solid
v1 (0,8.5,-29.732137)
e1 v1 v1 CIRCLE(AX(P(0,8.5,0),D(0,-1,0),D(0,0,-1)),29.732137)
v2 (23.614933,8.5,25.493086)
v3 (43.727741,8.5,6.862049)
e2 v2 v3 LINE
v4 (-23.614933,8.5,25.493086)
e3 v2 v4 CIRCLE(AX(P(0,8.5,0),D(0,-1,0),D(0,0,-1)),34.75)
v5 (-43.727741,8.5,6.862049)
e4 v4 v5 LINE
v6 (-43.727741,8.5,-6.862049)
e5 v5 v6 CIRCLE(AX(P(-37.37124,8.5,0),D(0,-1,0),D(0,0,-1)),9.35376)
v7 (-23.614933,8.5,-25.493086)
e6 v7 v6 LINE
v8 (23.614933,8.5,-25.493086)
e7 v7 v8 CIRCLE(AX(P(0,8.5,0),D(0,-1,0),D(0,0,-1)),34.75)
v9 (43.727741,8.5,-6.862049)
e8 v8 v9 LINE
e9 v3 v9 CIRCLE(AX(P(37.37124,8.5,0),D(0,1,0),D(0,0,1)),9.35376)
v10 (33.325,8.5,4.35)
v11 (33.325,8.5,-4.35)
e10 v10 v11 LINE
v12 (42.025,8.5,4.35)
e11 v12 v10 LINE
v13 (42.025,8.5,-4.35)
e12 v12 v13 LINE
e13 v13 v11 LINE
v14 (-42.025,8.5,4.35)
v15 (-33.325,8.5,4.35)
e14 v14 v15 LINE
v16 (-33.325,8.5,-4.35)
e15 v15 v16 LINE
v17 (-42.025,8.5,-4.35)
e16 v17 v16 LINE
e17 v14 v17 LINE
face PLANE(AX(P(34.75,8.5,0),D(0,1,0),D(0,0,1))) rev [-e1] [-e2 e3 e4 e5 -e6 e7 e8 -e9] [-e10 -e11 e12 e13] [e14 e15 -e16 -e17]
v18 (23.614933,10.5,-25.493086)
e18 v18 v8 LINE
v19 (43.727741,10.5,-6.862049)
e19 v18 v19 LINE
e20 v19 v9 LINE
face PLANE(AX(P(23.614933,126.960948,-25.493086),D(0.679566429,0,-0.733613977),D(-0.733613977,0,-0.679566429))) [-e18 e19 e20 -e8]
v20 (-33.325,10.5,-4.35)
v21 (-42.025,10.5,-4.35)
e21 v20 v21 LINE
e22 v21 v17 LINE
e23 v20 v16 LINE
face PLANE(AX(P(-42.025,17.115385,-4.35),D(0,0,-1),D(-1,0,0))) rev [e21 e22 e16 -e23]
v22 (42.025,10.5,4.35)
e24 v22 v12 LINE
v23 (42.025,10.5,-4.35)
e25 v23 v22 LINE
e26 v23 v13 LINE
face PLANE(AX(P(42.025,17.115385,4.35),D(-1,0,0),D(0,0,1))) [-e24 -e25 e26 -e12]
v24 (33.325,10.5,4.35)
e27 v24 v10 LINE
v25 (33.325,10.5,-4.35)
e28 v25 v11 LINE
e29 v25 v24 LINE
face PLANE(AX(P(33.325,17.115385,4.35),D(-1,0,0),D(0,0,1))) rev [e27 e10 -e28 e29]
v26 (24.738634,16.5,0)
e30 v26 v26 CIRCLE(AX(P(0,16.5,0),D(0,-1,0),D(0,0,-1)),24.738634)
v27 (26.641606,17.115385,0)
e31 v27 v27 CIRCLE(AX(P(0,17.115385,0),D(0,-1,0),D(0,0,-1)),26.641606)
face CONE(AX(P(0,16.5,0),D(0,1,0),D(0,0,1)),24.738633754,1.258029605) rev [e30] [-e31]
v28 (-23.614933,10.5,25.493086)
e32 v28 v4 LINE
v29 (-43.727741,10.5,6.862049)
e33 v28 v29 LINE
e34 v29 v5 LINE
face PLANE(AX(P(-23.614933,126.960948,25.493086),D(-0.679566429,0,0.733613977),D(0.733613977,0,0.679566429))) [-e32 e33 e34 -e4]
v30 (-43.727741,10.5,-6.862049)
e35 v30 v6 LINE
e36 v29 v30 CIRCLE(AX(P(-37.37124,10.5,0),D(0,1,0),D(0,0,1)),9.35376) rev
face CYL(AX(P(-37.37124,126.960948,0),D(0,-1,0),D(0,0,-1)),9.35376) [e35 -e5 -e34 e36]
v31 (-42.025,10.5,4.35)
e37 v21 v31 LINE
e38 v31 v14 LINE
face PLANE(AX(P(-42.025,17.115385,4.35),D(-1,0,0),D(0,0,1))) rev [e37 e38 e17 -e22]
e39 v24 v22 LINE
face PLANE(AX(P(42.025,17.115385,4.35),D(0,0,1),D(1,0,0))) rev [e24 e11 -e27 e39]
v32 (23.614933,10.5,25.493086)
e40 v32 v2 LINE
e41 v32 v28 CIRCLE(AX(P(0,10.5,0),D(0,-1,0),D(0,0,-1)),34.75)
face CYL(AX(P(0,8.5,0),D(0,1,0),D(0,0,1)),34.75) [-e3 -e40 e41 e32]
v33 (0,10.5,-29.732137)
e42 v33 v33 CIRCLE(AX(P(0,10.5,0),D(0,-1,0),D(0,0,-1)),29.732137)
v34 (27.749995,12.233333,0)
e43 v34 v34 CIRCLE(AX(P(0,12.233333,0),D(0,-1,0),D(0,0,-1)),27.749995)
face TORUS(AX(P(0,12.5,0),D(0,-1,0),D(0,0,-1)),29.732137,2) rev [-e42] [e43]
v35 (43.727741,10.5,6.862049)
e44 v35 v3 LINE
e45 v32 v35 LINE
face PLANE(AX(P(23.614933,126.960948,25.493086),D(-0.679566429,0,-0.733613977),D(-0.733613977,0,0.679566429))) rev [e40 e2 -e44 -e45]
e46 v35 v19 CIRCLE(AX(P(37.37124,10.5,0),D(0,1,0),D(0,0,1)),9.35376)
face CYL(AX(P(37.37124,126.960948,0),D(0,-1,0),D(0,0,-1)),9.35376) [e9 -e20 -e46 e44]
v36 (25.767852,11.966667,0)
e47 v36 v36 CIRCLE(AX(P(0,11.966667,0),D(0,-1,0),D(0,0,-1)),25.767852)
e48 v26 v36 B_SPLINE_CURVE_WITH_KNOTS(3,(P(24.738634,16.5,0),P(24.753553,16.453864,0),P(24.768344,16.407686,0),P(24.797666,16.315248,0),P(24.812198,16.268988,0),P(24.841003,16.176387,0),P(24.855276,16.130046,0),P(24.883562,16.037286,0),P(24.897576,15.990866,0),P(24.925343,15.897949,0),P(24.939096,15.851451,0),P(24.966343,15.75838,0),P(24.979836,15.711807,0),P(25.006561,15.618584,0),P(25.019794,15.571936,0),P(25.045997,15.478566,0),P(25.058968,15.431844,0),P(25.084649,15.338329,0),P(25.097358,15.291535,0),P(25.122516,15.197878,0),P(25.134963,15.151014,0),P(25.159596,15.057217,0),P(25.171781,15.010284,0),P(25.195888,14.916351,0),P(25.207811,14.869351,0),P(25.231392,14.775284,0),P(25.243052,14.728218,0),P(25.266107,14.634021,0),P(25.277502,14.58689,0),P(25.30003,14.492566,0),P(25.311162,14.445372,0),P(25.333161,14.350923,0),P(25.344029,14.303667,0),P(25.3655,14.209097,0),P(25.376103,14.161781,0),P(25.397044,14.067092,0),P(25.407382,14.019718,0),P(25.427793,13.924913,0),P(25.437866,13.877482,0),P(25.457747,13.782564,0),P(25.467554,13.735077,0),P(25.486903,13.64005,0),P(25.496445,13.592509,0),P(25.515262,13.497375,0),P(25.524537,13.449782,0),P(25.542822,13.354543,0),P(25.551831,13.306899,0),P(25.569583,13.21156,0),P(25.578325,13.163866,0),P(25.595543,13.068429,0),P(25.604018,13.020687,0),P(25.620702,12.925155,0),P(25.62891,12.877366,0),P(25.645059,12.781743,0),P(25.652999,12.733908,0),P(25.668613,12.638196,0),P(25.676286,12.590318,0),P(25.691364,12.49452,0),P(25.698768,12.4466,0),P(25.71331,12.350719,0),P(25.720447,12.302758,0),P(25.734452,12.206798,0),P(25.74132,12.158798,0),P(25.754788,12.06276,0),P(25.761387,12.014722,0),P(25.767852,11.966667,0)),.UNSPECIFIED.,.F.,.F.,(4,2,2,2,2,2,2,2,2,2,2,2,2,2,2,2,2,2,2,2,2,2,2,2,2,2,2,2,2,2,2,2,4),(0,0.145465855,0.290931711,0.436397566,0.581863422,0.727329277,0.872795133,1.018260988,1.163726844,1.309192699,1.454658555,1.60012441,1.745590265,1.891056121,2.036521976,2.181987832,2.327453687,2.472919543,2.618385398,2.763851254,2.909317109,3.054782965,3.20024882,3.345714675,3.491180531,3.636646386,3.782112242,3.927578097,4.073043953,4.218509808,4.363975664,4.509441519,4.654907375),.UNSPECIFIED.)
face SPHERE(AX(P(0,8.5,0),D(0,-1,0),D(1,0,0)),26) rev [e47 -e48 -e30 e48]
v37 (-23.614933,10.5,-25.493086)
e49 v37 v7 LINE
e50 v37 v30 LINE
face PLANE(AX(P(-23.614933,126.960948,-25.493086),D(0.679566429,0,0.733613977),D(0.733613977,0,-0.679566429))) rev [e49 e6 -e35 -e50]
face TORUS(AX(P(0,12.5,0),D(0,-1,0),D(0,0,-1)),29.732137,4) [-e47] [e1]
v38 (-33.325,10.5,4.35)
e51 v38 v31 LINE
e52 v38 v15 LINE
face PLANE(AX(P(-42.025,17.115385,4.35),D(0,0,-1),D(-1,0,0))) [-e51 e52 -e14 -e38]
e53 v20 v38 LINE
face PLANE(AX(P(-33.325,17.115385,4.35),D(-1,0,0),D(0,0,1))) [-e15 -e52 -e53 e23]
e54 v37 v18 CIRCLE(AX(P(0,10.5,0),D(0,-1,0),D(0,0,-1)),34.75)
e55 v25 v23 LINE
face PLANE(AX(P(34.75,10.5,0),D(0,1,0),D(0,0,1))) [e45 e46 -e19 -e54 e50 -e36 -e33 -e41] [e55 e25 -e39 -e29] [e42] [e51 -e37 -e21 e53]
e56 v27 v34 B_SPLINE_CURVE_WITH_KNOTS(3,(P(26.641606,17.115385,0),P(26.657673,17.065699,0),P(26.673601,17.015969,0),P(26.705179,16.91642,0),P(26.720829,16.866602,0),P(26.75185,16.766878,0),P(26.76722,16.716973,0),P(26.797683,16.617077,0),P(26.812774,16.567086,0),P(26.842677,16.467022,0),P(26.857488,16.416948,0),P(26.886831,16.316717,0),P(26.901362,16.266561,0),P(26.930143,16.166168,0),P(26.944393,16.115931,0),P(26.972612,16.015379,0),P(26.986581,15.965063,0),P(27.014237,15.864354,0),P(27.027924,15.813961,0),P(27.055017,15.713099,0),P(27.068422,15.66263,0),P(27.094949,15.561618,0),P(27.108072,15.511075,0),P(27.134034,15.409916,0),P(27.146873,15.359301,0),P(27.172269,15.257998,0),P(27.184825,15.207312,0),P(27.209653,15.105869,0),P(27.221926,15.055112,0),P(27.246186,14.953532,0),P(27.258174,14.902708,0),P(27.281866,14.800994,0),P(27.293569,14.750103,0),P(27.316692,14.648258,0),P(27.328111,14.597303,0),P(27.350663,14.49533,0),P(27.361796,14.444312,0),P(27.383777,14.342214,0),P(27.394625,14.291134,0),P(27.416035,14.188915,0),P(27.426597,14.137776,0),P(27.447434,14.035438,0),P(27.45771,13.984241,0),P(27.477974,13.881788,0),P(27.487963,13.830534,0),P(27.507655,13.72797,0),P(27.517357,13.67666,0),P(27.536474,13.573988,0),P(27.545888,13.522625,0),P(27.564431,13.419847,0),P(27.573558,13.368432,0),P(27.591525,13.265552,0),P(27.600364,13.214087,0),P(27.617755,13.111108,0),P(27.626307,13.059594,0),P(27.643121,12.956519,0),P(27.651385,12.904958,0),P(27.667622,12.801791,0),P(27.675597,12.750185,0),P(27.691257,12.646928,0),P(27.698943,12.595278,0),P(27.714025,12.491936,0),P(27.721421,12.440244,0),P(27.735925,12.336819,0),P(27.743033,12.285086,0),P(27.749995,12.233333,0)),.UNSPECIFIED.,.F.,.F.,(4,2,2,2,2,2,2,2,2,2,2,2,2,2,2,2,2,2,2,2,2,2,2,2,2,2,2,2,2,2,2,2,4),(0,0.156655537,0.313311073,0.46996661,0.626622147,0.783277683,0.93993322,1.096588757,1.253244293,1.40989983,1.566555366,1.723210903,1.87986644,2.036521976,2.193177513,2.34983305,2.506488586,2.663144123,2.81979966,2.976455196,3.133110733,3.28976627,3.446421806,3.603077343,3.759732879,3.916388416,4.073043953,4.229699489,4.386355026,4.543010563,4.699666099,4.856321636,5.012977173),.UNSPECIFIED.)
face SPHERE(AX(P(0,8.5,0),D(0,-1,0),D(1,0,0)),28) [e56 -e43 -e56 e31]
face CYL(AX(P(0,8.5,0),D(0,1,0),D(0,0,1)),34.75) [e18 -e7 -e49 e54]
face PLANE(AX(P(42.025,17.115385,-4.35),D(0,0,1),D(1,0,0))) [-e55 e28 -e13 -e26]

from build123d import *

# Parameters (mm, degrees)
THICKEN_1_T2        = 2
SKETCH_2_R          = 29.732137495
EXTRUDE_1_DEPTH     = 2
SKETCH_2_3_W        = 8.7
SKETCH_2_3_H        = 8.7
CUT_EXTRUDE_1_DEPTH = 59.86436084


with BuildPart() as body_1:
    # Sheet Revolve 1: a surface, the sketch's curves turned about an axis
    with BuildLine(Plane.XY, mode=Mode.PRIVATE) as sheet_revolve_1_1_path:
        Line((34.75, 8.5), (29.732137495, 8.5))
        ThreePointArc((29.732137495, 8.5), (27.09901514, 9.488909389), (25.767852495, 11.966666667))
        ThreePointArc((25.767852495, 11.966666667), (25.354764169, 14.256382016), (24.738633754, 16.5))
    sheet_revolve_1_1 = Shell.revolve(sheet_revolve_1_1_path.wire(), 360, Axis((0, 50, 0), (0, -1, 0)))
    add(Solid.thicken(sheet_revolve_1_1, -THICKEN_1_T2))

    # Sketch 2 → Extrude 1 (add)
    with BuildSketch(Plane.XZ.offset(-8.5)):
        with BuildLine():
            Line((-23.614933424, 25.493085717), (-43.727741416, 6.862048778))
            ThreePointArc((-43.727741416, 6.862048778), (-46.725, 0), (-43.727741416, -6.862048778))
            Line((-43.727741416, -6.862048778), (-23.614933424, -25.493085717))
            ThreePointArc((-23.614933424, -25.493085717), (0, -34.75), (23.614933424, -25.493085717))
            Line((23.614933424, -25.493085717), (43.727741416, -6.862048778))
            ThreePointArc((43.727741416, -6.862048778), (46.725, 0), (43.727741416, 6.862048778))
            Line((43.727741416, 6.862048778), (23.614933424, 25.493085717))
            ThreePointArc((23.614933424, 25.493085717), (0, 34.75), (-23.614933424, 25.493085717))
        make_face()
        Circle(SKETCH_2_R, mode=Mode.SUBTRACT)
    extrude(amount=-EXTRUDE_1_DEPTH)

    # Sketch 2_3 → Cut-Extrude 1 (cut, through all)
    with BuildSketch(Plane.XZ.offset(-8.5)):
        with Locations((-37.675, 0)):
            Rectangle(SKETCH_2_3_W, SKETCH_2_3_H)
        with Locations((37.675, 0)):
            Rectangle(SKETCH_2_3_W, SKETCH_2_3_H)
    extrude(amount=-CUT_EXTRUDE_1_DEPTH, mode=Mode.SUBTRACT)


solid = body_1.part
